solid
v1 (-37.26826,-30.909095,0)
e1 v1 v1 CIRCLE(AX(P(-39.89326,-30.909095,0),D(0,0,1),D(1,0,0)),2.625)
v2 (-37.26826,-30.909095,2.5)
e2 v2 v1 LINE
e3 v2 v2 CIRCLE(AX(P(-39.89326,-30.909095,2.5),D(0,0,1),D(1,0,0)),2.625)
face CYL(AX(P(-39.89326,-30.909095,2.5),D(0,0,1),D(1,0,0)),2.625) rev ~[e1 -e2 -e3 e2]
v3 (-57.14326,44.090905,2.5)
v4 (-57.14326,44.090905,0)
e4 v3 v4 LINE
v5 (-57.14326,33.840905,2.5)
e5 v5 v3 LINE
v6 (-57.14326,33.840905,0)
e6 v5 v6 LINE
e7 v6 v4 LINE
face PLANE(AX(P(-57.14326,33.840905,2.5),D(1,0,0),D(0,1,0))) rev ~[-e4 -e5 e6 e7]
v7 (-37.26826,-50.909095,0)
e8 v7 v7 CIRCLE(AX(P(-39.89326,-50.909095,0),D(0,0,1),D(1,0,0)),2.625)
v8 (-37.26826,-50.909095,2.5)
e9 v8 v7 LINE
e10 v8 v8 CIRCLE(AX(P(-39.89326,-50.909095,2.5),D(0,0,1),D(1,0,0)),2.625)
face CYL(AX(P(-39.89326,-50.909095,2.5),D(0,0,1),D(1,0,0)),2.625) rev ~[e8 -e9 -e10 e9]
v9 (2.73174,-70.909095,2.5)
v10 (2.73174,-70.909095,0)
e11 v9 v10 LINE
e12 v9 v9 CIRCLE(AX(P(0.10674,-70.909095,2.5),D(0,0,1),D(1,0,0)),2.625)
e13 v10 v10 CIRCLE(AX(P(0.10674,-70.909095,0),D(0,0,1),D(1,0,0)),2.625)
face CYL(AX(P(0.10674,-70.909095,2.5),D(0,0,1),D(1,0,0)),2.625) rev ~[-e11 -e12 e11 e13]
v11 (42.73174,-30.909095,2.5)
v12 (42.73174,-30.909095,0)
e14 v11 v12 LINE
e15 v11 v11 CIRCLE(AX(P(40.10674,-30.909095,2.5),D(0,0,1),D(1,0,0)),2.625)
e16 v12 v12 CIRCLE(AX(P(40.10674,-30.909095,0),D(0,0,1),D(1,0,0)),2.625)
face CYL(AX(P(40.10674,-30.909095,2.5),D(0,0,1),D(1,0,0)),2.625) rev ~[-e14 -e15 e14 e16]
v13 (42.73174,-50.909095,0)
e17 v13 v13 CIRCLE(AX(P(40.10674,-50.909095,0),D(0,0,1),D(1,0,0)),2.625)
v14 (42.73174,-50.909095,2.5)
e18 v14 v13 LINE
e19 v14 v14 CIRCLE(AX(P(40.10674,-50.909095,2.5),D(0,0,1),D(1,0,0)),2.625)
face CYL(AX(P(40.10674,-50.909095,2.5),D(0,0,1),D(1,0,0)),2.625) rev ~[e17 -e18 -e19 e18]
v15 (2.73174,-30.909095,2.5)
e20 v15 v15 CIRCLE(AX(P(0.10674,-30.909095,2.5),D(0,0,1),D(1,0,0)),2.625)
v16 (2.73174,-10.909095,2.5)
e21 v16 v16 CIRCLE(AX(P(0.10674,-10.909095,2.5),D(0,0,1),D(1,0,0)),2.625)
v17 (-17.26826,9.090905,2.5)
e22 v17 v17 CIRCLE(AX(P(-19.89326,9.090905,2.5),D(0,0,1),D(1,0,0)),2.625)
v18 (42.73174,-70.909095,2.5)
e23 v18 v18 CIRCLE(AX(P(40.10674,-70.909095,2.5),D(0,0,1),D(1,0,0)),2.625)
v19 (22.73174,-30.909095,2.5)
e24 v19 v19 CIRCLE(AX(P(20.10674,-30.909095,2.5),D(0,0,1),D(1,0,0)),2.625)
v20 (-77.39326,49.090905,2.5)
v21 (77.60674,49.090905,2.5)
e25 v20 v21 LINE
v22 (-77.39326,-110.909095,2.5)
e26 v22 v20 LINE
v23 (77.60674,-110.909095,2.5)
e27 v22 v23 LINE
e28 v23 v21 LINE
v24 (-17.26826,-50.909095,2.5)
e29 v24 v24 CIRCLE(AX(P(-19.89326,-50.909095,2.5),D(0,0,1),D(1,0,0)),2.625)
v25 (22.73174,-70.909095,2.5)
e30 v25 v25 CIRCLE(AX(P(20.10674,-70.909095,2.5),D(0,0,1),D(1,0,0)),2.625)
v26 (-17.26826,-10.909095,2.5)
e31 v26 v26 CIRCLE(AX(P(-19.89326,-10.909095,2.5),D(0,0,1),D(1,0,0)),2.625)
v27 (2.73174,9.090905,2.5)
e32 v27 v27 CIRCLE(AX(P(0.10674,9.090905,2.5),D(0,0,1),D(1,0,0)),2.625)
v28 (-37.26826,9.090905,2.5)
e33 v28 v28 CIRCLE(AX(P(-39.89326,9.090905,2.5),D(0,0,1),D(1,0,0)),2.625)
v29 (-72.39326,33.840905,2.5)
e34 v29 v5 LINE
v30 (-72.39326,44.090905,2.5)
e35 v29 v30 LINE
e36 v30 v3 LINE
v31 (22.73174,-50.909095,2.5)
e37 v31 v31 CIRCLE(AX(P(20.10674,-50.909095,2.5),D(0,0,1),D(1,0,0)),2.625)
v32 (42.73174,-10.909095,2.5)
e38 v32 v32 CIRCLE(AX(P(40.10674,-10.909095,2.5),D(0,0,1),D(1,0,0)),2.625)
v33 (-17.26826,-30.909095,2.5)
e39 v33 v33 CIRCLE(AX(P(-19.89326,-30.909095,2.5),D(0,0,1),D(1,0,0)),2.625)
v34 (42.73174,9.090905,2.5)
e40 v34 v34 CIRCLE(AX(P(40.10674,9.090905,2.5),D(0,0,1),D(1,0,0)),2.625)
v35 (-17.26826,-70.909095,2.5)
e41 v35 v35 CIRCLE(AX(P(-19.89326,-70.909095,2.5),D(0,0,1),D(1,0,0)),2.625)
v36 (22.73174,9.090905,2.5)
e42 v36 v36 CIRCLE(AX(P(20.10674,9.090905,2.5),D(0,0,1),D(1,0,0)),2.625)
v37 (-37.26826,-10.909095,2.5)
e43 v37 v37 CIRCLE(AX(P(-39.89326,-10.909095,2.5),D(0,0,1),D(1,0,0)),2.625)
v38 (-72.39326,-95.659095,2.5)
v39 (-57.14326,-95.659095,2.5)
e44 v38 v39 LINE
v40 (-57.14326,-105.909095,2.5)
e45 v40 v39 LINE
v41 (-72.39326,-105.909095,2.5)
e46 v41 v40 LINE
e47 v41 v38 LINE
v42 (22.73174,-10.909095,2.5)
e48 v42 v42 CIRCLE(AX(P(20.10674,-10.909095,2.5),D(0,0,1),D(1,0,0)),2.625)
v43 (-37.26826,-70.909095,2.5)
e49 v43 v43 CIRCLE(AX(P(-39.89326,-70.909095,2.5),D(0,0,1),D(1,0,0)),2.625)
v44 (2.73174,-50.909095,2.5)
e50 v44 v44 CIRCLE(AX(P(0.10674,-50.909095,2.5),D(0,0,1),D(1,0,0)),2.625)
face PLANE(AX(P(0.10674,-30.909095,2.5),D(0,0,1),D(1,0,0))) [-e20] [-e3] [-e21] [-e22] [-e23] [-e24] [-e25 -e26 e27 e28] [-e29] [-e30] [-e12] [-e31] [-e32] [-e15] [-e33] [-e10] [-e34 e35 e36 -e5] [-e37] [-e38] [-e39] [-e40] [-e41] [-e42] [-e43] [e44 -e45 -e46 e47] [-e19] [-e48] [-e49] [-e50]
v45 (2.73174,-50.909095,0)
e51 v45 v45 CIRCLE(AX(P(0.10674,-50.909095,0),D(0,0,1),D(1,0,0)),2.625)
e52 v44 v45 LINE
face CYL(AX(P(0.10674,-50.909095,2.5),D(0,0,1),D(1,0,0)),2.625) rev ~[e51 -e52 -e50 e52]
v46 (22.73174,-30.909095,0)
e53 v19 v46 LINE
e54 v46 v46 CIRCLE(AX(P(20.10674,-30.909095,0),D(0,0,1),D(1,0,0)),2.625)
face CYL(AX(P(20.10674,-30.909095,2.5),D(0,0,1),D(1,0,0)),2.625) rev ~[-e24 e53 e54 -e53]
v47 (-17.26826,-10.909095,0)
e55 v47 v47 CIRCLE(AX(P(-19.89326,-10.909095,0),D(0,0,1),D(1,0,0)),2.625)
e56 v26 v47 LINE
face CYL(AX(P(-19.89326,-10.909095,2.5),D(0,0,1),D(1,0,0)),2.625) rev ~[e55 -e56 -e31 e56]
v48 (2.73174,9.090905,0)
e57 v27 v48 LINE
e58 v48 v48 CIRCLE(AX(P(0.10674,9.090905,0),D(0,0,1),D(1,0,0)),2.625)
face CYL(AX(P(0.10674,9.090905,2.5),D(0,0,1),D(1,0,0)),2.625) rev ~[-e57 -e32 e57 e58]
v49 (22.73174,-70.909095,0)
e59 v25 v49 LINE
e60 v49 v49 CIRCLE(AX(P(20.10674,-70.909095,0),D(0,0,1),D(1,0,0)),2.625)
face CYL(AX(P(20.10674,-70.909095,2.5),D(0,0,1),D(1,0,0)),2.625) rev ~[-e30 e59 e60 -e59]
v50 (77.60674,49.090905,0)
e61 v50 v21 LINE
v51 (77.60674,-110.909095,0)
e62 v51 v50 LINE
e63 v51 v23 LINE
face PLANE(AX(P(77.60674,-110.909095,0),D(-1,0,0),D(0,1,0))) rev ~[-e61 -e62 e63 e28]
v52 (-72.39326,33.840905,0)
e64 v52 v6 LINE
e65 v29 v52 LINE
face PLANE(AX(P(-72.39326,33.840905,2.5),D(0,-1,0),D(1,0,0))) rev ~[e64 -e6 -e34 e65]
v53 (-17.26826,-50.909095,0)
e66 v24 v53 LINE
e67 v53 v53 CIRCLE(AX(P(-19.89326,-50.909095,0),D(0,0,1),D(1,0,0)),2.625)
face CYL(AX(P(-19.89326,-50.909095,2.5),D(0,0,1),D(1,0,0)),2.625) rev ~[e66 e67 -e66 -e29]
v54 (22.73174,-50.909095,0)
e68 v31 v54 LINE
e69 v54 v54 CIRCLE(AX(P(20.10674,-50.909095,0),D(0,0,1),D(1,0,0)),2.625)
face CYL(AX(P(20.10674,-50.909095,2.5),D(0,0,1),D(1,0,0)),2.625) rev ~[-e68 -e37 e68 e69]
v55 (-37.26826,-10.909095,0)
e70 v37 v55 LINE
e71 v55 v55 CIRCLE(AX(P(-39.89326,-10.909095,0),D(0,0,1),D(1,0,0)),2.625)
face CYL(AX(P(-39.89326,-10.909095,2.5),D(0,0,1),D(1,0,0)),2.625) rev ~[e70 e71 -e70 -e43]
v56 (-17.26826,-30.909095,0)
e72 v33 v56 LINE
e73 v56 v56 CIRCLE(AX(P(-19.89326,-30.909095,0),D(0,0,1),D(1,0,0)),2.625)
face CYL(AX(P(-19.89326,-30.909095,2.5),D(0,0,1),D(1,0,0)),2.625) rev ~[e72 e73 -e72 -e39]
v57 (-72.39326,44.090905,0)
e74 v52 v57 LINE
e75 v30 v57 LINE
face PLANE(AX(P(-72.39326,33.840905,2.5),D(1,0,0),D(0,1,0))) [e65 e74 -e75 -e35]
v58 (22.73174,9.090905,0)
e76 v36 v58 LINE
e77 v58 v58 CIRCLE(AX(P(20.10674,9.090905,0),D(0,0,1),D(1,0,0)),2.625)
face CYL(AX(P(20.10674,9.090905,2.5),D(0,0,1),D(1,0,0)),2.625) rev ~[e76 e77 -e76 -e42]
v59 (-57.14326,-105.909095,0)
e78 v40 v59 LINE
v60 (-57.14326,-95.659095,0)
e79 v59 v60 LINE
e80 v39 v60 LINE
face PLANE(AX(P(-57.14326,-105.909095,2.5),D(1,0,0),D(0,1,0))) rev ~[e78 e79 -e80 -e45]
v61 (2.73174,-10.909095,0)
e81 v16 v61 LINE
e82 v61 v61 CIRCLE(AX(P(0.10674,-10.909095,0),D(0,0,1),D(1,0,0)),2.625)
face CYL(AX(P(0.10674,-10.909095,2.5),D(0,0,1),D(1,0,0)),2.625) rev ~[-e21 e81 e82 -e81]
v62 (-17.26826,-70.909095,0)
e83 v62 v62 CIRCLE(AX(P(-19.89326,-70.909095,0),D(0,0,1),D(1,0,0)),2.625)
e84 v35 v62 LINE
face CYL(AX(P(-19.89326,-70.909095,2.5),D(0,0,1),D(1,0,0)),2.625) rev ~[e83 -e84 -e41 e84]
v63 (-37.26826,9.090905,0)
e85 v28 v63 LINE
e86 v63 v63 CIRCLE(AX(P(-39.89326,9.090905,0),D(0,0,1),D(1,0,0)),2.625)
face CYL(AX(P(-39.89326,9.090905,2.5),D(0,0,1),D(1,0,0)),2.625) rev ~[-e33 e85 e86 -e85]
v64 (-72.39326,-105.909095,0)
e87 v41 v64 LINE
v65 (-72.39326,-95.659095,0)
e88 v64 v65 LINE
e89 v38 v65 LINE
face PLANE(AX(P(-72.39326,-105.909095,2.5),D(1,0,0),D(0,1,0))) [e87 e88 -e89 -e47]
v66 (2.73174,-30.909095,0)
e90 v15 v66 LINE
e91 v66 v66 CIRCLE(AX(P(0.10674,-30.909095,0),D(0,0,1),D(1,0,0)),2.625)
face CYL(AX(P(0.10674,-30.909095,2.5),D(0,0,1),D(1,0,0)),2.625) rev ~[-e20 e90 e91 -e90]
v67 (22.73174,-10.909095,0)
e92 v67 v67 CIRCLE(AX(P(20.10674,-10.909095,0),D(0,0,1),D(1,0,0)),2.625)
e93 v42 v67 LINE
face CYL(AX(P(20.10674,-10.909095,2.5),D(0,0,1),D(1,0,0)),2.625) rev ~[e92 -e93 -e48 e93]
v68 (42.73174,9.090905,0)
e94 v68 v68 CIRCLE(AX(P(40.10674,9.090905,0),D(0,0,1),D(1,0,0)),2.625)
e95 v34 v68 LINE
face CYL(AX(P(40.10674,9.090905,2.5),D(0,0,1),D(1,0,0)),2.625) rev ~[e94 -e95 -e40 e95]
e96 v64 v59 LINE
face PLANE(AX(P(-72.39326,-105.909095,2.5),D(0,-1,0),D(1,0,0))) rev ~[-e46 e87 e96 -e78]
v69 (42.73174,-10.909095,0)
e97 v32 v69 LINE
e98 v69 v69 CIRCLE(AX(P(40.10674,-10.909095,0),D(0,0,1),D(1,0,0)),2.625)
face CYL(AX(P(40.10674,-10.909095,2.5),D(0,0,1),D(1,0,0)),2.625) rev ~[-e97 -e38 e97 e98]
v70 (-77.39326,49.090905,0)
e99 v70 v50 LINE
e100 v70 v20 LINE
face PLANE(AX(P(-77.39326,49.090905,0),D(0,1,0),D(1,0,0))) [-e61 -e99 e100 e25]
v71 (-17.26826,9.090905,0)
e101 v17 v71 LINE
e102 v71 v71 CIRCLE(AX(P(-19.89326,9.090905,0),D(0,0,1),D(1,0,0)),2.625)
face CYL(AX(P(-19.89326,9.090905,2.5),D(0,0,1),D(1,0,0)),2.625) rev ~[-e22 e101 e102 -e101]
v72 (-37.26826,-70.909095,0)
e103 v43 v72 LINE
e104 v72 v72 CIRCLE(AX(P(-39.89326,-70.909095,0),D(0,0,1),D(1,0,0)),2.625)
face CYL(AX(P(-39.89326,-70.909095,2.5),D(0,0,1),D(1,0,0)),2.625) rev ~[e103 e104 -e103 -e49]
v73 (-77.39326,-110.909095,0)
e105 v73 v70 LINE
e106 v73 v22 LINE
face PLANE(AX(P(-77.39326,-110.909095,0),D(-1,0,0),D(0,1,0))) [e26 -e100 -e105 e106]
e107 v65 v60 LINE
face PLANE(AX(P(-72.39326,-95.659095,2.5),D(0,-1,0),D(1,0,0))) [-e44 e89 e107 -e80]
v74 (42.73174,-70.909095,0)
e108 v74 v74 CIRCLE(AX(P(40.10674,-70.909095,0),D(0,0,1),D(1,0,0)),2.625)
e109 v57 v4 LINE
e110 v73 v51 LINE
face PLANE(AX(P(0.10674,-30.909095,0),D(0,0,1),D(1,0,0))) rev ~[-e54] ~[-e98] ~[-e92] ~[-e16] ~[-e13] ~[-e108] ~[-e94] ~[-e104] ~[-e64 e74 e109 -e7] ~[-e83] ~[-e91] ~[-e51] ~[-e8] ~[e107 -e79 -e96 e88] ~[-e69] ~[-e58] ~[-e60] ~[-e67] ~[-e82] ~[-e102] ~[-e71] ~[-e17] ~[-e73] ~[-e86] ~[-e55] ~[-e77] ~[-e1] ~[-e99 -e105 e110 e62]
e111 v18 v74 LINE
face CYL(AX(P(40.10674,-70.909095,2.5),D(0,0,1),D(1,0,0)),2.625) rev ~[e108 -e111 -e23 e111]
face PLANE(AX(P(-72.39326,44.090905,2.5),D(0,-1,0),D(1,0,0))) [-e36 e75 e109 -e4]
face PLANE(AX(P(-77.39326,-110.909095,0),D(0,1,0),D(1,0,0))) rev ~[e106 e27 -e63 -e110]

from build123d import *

# Parameters (mm, degrees)
SKETCH_W        = 155
SKETCH_H        = 160
PAD_DEPTH       = 2.5
SKETCH001_W     = 15.25
SKETCH001_H     = 10.25
POCKET_DEPTH    = 2.5
SKETCH002_R     = 2.625
POCKET001_DEPTH = 2.5


with BuildPart() as part:
    # Sketch → Pad (new body)
    with BuildSketch(Plane.XY):
        with Locations((0.10674, -30.909095)):
            Rectangle(SKETCH_W, SKETCH_H)
    extrude(amount=PAD_DEPTH)

    # Sketch001 (on Face6 of Pad) → Pocket (cut)
    with BuildSketch(Plane.XY.offset(2.5)):
        with Locations((-64.76826, 38.965905)):
            Rectangle(SKETCH001_W, SKETCH001_H)
        with Locations((-64.76826, -100.784095)):
            Rectangle(SKETCH001_W, SKETCH001_H)
    extrude(amount=-POCKET_DEPTH, mode=Mode.SUBTRACT)

    # Sketch002 (on Face5 of Pocket) → Pocket001 (cut)
    with BuildSketch(Plane.XY.offset(2.5)):
        with Locations((-19.89326, -30.909095)):
            Circle(SKETCH002_R)
        with Locations((-39.89326, -30.909095)):
            Circle(SKETCH002_R)
        with Locations((0.10674, -30.909095)):
            Circle(SKETCH002_R)
        with Locations((20.10674, -30.909095)):
            Circle(SKETCH002_R)
        with Locations((40.10674, -30.909095)):
            Circle(SKETCH002_R)
        with Locations((-39.89326, -10.909095)):
            Circle(SKETCH002_R)
        with Locations((-19.89326, -10.909095)):
            Circle(SKETCH002_R)
        with Locations((0.10674, -10.909095)):
            Circle(SKETCH002_R)
        with Locations((20.10674, -10.909095)):
            Circle(SKETCH002_R)
        with Locations((40.10674, -10.909095)):
            Circle(SKETCH002_R)
        with Locations((-39.89326, -50.909095)):
            Circle(SKETCH002_R)
        with Locations((-19.89326, -50.909095)):
            Circle(SKETCH002_R)
        with Locations((0.10674, -50.909095)):
            Circle(SKETCH002_R)
        with Locations((20.10674, -50.909095)):
            Circle(SKETCH002_R)
        with Locations((40.10674, -50.909095)):
            Circle(SKETCH002_R)
        with Locations((-39.89326, -70.909095)):
            Circle(SKETCH002_R)
        with Locations((-19.89326, -70.909095)):
            Circle(SKETCH002_R)
        with Locations((0.10674, -70.909095)):
            Circle(SKETCH002_R)
        with Locations((20.10674, -70.909095)):
            Circle(SKETCH002_R)
        with Locations((40.10674, -70.909095)):
            Circle(SKETCH002_R)
        with Locations((-39.89326, 9.090905)):
            Circle(SKETCH002_R)
        with Locations((-19.89326, 9.090905)):
            Circle(SKETCH002_R)
        with Locations((0.10674, 9.090905)):
            Circle(SKETCH002_R)
        with Locations((20.10674, 9.090905)):
            Circle(SKETCH002_R)
        with Locations((40.10674, 9.090905)):
            Circle(SKETCH002_R)
    extrude(amount=-POCKET001_DEPTH, mode=Mode.SUBTRACT)


solid = part.part
